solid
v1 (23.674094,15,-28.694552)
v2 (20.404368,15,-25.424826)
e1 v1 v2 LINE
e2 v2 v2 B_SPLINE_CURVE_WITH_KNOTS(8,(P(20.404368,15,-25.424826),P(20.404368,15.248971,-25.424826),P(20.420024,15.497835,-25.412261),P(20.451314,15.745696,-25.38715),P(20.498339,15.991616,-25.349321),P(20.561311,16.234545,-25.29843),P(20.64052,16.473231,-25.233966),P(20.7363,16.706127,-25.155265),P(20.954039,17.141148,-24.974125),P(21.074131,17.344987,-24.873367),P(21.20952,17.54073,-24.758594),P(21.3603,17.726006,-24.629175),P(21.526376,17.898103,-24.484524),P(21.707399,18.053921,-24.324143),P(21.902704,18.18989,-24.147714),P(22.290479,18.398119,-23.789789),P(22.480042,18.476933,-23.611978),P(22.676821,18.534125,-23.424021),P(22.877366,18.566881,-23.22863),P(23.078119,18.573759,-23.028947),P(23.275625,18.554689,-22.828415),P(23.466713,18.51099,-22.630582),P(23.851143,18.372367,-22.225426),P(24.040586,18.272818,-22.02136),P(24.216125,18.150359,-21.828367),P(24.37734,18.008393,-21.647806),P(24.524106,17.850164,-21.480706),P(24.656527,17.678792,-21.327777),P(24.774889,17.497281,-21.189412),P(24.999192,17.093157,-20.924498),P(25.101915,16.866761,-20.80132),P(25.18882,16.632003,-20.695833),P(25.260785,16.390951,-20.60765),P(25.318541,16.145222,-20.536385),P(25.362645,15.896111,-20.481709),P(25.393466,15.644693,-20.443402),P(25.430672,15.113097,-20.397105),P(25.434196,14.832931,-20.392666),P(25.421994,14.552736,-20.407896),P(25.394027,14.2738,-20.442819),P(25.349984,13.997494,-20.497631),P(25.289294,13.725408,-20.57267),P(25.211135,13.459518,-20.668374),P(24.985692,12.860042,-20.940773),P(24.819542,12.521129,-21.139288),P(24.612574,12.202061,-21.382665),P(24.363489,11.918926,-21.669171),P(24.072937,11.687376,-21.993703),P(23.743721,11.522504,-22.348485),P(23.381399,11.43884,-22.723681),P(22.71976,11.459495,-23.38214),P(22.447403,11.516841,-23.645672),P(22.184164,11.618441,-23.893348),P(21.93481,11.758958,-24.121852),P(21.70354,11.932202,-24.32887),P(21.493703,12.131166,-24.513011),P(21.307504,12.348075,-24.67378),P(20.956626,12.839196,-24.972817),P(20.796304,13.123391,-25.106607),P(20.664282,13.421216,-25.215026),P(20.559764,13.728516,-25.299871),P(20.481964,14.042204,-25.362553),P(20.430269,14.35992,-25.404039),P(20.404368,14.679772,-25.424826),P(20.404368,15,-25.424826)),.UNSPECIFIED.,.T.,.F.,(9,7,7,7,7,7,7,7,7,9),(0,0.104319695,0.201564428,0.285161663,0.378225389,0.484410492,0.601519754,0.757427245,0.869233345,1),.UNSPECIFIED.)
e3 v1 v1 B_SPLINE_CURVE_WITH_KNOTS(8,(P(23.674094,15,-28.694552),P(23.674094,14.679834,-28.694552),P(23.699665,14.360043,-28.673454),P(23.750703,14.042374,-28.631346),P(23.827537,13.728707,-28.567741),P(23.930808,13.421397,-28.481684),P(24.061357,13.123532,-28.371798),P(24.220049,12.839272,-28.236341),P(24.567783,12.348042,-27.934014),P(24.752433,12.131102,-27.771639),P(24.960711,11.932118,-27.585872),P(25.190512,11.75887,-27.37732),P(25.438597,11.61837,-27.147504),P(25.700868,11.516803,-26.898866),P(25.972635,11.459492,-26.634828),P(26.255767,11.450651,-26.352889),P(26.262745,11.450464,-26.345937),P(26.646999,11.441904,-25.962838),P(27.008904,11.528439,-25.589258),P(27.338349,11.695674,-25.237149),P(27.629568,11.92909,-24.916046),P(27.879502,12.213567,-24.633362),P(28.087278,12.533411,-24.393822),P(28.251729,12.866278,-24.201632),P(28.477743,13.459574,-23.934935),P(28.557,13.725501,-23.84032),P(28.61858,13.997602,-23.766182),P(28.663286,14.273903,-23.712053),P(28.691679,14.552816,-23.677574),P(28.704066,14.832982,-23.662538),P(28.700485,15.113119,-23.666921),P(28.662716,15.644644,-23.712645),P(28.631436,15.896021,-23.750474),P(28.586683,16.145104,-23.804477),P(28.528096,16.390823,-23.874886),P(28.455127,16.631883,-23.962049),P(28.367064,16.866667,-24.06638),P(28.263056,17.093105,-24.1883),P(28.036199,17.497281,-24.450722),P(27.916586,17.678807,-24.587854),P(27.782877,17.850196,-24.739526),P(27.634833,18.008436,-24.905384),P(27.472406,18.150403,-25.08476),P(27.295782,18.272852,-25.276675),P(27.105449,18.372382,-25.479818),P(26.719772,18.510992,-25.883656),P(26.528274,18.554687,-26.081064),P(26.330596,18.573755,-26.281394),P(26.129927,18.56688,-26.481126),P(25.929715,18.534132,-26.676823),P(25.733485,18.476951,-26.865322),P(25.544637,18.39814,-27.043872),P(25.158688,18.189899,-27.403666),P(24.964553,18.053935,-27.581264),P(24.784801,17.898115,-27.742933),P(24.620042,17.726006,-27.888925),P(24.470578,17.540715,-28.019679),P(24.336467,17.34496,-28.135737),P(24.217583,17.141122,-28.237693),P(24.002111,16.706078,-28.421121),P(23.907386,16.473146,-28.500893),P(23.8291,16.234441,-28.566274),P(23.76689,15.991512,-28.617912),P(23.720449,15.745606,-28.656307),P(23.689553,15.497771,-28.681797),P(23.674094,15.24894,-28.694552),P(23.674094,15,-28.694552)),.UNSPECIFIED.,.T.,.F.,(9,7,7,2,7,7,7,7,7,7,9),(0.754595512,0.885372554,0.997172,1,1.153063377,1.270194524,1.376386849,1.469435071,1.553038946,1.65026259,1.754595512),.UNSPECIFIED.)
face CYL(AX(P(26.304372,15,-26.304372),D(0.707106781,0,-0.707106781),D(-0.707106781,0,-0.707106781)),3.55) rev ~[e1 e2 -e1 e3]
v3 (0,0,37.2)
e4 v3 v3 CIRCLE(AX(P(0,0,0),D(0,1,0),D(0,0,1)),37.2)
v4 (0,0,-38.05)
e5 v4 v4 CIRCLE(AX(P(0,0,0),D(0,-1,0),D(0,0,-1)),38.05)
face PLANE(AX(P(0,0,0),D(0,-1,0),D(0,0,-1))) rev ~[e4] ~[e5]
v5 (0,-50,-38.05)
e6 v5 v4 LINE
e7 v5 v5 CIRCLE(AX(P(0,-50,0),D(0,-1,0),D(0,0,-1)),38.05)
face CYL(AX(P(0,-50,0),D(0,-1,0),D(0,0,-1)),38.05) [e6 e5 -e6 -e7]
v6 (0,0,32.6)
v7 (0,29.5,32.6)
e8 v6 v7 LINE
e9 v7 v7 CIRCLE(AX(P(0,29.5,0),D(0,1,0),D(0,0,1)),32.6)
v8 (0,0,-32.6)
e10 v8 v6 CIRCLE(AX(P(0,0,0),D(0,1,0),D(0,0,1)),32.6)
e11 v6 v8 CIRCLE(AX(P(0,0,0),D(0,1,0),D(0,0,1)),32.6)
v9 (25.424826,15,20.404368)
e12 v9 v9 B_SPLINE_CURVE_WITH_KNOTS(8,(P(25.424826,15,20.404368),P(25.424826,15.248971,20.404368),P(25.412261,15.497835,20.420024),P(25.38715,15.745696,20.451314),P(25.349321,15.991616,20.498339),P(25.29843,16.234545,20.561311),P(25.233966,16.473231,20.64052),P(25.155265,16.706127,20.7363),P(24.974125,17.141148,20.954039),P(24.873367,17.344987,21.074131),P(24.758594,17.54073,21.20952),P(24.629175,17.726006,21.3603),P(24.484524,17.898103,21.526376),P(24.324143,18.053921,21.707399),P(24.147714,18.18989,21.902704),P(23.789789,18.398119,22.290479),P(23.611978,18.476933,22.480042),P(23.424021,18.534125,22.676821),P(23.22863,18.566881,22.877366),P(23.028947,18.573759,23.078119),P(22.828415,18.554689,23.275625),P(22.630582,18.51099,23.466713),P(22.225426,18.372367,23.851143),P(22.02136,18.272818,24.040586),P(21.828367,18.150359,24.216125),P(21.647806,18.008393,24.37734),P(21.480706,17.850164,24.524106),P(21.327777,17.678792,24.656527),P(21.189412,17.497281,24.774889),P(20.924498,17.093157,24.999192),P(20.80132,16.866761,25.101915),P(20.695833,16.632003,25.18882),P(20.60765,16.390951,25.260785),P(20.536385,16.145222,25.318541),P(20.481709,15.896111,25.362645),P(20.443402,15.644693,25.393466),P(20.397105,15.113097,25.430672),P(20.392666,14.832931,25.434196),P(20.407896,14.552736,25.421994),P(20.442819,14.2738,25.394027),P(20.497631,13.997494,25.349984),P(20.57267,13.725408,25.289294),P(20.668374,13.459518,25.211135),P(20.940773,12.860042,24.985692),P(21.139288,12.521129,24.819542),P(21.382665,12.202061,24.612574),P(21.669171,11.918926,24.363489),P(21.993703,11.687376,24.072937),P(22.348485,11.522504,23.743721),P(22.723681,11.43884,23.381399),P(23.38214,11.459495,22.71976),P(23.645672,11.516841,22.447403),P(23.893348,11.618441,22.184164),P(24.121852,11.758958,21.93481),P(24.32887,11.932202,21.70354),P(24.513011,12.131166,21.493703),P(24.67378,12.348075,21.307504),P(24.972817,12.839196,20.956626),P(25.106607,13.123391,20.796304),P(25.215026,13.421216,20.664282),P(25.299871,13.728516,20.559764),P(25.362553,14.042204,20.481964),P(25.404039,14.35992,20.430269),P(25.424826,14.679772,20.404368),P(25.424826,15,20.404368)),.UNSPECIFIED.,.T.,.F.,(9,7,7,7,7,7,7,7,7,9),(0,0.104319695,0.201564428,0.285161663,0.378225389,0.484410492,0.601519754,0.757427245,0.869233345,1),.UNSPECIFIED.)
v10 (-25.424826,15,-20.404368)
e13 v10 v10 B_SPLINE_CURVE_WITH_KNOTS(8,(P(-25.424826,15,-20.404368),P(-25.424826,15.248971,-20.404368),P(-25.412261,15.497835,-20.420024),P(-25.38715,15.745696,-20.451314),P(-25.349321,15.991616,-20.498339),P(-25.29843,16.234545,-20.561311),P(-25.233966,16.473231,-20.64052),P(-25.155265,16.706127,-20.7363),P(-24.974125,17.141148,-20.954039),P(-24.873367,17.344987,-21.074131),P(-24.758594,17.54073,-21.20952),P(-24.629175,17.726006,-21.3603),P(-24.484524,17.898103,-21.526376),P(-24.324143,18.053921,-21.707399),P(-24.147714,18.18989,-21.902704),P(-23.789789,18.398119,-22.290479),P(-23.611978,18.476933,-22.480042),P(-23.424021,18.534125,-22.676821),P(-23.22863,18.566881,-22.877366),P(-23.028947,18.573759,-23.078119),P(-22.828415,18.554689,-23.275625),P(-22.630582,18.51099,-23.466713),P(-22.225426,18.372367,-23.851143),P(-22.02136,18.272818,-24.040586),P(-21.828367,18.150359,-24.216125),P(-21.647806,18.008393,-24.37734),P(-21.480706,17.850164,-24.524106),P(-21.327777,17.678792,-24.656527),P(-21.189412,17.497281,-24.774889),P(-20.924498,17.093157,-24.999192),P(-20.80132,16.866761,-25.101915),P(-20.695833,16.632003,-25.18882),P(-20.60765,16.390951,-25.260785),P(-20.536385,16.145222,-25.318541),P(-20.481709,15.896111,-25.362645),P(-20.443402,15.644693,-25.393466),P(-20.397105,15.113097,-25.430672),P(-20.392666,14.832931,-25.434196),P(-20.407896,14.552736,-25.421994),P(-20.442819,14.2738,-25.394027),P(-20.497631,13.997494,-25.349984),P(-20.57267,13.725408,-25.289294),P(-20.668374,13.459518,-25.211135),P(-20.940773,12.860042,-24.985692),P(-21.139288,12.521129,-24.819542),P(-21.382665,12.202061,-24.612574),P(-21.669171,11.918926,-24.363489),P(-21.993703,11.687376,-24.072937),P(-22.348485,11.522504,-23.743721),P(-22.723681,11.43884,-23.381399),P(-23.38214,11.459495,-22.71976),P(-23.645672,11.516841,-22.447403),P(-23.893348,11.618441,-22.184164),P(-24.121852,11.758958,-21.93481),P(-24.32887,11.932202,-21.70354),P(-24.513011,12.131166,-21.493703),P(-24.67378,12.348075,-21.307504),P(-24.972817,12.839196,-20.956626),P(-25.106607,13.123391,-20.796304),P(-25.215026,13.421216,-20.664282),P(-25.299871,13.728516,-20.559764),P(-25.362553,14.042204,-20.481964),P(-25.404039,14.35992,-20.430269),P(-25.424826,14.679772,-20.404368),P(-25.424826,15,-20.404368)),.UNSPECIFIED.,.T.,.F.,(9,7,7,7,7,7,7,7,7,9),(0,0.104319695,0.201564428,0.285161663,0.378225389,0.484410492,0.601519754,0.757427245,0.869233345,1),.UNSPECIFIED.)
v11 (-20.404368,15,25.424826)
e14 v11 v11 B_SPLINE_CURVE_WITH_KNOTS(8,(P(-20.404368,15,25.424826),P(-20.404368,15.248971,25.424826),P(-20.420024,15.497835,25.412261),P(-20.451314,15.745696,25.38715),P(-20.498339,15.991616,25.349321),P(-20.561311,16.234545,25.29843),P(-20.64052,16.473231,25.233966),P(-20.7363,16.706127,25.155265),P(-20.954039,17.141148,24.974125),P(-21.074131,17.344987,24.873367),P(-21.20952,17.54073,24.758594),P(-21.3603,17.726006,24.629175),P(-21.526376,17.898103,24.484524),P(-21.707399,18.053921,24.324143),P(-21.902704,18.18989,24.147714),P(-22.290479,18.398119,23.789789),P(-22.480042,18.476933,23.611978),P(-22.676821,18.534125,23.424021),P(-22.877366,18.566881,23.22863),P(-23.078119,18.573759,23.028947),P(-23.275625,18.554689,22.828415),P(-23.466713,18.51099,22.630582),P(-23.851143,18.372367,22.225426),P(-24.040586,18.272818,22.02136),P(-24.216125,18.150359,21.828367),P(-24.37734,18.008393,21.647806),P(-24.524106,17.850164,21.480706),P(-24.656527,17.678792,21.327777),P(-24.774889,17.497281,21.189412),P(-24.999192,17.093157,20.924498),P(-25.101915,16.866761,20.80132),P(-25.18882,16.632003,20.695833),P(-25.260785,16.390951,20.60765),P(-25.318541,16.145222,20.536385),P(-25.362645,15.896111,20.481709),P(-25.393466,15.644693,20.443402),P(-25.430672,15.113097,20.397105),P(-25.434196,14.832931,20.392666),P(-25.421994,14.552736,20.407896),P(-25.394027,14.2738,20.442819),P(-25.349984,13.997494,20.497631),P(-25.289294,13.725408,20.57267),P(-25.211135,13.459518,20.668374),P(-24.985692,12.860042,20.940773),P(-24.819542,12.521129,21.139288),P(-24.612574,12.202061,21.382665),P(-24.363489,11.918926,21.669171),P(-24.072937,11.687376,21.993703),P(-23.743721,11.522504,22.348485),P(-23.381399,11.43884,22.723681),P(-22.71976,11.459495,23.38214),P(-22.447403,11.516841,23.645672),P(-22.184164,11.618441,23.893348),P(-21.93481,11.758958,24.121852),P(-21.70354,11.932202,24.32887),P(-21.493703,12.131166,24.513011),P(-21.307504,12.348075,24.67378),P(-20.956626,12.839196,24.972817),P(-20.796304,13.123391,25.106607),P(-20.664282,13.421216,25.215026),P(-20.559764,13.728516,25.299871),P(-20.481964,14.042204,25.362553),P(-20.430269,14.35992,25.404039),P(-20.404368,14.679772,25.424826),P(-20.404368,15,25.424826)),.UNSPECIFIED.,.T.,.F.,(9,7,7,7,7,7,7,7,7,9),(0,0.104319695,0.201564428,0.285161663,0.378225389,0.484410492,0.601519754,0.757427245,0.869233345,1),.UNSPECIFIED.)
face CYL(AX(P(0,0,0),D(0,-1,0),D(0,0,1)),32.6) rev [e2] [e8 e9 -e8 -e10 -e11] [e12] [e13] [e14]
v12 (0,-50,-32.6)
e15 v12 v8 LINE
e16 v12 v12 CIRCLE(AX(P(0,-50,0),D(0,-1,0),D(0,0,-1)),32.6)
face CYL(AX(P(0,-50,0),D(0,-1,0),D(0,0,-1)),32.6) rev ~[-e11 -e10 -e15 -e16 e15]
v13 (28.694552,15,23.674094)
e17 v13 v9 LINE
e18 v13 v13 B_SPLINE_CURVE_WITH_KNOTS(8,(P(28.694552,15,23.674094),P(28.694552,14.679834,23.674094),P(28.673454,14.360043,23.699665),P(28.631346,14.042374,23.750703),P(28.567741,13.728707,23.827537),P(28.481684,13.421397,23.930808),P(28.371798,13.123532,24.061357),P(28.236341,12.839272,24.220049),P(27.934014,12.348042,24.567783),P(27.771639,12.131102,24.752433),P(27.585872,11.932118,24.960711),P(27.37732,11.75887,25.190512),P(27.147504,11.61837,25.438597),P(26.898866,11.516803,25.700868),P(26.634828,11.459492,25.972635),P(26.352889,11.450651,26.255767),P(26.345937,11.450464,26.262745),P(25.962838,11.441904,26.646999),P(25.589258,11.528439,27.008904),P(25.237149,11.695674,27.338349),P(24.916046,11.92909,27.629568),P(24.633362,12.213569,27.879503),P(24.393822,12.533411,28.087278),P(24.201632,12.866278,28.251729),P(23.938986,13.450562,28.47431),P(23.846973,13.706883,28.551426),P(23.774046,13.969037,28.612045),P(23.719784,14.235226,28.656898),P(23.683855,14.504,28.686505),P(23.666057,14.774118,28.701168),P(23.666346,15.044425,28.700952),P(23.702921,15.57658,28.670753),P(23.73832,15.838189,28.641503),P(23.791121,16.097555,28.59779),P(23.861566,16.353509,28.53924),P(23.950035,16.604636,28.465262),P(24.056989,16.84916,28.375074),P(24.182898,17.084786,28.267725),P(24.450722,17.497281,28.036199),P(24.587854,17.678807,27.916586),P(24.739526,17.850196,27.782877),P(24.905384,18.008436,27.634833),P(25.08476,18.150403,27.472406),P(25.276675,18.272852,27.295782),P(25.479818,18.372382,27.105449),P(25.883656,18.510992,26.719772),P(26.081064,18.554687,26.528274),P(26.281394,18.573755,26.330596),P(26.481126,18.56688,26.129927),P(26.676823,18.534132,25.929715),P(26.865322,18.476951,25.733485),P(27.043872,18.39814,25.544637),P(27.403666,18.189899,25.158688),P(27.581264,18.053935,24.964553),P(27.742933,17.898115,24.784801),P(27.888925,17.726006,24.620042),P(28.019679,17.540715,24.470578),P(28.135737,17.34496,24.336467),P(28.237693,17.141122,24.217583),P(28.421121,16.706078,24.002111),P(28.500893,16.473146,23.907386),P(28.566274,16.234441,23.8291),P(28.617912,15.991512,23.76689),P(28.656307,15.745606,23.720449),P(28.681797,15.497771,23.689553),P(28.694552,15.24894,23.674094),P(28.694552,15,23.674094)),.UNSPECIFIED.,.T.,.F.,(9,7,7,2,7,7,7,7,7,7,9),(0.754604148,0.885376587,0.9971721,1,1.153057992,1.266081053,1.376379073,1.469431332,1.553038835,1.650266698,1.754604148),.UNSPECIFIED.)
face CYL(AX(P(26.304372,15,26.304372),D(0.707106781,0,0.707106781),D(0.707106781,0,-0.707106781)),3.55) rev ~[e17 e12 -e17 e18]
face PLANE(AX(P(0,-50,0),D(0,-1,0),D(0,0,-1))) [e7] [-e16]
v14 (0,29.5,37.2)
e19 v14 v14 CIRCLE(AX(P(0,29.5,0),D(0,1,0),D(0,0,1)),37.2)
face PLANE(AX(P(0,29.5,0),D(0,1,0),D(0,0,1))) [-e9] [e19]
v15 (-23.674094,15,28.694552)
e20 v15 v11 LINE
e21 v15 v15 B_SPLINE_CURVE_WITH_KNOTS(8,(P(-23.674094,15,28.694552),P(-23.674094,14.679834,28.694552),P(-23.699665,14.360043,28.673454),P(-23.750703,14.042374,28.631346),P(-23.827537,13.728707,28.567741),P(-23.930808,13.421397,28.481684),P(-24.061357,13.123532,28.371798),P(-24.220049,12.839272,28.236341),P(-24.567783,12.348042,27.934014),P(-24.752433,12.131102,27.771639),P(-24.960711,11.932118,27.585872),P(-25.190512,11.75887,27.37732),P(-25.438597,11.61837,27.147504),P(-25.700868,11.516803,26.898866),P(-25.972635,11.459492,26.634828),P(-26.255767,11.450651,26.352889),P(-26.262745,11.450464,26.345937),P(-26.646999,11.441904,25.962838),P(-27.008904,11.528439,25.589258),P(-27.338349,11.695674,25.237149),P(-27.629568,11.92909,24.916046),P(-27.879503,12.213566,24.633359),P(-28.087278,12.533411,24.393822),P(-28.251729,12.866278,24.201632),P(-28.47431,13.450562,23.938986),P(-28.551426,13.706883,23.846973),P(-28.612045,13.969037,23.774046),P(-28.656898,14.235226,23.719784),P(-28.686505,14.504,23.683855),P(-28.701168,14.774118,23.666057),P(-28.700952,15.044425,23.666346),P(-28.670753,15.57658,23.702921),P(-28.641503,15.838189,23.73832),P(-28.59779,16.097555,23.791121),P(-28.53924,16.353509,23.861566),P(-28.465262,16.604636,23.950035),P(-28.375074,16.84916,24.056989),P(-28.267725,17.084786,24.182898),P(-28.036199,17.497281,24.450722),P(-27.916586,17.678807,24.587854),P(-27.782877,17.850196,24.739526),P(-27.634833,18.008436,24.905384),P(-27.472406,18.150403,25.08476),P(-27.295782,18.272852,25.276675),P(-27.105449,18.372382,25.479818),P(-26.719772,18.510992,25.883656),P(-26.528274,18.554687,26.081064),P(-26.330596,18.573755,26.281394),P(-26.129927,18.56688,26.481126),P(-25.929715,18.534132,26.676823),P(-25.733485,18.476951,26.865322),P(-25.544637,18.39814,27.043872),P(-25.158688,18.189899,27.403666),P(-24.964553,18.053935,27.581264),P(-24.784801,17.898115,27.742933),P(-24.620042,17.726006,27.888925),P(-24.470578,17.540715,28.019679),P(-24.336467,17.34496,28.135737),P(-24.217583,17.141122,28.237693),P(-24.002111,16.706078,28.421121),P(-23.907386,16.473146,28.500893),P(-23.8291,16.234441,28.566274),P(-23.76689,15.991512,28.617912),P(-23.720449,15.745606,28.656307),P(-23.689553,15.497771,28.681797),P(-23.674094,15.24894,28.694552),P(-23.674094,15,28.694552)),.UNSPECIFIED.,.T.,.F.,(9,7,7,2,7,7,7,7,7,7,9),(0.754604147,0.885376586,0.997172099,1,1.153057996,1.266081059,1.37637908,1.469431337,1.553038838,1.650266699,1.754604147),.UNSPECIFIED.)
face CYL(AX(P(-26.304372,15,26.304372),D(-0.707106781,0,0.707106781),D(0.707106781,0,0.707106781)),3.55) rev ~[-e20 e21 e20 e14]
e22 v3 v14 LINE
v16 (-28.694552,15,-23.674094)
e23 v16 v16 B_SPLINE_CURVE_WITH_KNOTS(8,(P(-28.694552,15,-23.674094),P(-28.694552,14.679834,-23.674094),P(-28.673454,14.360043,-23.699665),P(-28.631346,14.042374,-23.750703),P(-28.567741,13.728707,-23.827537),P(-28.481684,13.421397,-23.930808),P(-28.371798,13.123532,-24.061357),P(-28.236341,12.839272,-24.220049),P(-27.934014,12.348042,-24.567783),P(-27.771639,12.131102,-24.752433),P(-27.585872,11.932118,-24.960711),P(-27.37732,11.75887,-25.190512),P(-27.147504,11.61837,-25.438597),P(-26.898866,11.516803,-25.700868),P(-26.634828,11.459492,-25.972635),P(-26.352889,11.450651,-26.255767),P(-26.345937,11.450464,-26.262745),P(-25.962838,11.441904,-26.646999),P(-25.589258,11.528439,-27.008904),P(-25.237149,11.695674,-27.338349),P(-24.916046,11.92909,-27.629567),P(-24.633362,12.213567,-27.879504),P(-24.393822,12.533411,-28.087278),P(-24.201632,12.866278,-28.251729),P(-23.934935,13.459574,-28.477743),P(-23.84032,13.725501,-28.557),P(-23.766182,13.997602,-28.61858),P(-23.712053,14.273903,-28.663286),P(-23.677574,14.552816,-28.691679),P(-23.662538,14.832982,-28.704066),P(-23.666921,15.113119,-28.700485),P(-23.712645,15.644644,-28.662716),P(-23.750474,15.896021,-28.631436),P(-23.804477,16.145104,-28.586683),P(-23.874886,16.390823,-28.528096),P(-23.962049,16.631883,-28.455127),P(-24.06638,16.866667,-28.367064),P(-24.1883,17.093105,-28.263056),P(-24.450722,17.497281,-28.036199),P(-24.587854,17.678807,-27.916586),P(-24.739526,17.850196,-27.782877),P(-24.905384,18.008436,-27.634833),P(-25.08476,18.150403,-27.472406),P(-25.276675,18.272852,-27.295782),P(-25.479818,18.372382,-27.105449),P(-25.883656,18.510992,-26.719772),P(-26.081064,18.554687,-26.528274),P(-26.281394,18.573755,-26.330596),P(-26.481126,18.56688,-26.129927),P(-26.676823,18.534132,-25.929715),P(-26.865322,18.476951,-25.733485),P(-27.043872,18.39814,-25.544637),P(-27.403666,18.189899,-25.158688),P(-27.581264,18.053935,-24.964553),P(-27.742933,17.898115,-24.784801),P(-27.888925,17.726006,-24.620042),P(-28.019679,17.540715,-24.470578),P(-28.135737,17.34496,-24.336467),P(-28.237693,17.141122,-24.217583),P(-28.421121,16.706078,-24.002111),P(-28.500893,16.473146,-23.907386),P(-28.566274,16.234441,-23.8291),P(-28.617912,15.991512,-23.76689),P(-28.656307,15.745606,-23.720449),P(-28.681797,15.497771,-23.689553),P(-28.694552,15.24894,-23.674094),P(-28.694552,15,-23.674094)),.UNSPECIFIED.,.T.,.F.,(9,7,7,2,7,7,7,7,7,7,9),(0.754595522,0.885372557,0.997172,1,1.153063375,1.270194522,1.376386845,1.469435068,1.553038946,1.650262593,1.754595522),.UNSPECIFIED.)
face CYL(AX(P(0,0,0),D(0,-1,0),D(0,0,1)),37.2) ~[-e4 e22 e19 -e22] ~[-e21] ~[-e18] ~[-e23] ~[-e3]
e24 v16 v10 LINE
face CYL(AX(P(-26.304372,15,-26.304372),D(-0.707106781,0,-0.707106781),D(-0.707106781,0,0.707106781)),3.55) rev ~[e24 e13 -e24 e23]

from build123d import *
from build123d.topology import SkipClean

# Parameters (mm, degrees)
SKETCH1_R               = 37.2
SKETCH1_R_2             = 32.6
BOSS_EXTRUDE1_DEPTH     = 29.5
CUT_EXTRUDE1_REACH      = 96.53
CUT_EXTRUDE1_END_RADIUS = 32.6
SKETCH2_R               = 3.55
CIRPATTERN1_COUNT       = 4
BOSS_EXTRUDE2_START     = 50
SKETCH3_R               = 38.05
SKETCH3_R_2             = 32.6
BOSS_EXTRUDE2_DEPTH     = 50


with BuildPart() as part:
    # Sketch1 → Boss-Extrude1 (new body)
    with BuildSketch(Plane(origin=(0, 0, 0), x_dir=(1, 0, 0), z_dir=(0, 1, 0))):
        with Locations(Location((0, 0, 0), (0, 0, 270))):
            Circle(SKETCH1_R)
        with Locations(Location((0, 0, 0), (0, 0, 270))):
            Circle(SKETCH1_R_2, mode=Mode.SUBTRACT)
    extrude(amount=BOSS_EXTRUDE1_DEPTH)

    # Cut-Extrude1: up to this cylinder (the profile starts outside it)
    cut_extrude1_end = Plane(origin=(0, 15, 0), z_dir=(0, -1, 0)) * Cylinder(CUT_EXTRUDE1_END_RADIUS, 259.26, mode=Mode.PRIVATE)
    # Sketch2 → Cut-Extrude1 (cut, up to the surface)
    with BuildSketch(Plane(origin=(-26.30437226, 0, -26.30437226), x_dir=(0, -1, 0), z_dir=(-0.7071067811865464, 0, -0.7071067811865488)), mode=Mode.PRIVATE) as cut_extrude1_sk1:
        with Locations(Location((-15, 0, 0), (0, 0, 90))):
            Circle(SKETCH2_R)
    cut_extrude1_tool1 = extrude(cut_extrude1_sk1.sketch, amount=-CUT_EXTRUDE1_REACH, mode=Mode.PRIVATE) - cut_extrude1_end
    cut_extrude1 = cut_extrude1_tool1.solids().sort_by_distance((-26.304372, 15, -26.304372))[0]
    add(cut_extrude1, mode=Mode.SUBTRACT)

    # CirPattern1: Cut-Extrude1 ×4 about axis
    cirpattern1_axis = Axis((0, 29.5, 0), (0, -1, 0))
    for i in range(1, CIRPATTERN1_COUNT):
        add(cut_extrude1.rotate(cirpattern1_axis, i * 360 / CIRPATTERN1_COUNT), mode=Mode.SUBTRACT)

    # Sketch3 → Boss-Extrude2 (add)
    with SkipClean():  # the faces are left unmerged after this step: merging them gives an invalid solid
        with BuildSketch(Plane.XZ.offset(BOSS_EXTRUDE2_START)):
            with Locations(Location((0, 0, 0), (0, 0, 270))):
                Circle(SKETCH3_R)
            with Locations(Location((0, 0, 0), (0, 0, 270))):
                Circle(SKETCH3_R_2, mode=Mode.SUBTRACT)
        extrude(amount=-BOSS_EXTRUDE2_DEPTH)


solid = part.part
